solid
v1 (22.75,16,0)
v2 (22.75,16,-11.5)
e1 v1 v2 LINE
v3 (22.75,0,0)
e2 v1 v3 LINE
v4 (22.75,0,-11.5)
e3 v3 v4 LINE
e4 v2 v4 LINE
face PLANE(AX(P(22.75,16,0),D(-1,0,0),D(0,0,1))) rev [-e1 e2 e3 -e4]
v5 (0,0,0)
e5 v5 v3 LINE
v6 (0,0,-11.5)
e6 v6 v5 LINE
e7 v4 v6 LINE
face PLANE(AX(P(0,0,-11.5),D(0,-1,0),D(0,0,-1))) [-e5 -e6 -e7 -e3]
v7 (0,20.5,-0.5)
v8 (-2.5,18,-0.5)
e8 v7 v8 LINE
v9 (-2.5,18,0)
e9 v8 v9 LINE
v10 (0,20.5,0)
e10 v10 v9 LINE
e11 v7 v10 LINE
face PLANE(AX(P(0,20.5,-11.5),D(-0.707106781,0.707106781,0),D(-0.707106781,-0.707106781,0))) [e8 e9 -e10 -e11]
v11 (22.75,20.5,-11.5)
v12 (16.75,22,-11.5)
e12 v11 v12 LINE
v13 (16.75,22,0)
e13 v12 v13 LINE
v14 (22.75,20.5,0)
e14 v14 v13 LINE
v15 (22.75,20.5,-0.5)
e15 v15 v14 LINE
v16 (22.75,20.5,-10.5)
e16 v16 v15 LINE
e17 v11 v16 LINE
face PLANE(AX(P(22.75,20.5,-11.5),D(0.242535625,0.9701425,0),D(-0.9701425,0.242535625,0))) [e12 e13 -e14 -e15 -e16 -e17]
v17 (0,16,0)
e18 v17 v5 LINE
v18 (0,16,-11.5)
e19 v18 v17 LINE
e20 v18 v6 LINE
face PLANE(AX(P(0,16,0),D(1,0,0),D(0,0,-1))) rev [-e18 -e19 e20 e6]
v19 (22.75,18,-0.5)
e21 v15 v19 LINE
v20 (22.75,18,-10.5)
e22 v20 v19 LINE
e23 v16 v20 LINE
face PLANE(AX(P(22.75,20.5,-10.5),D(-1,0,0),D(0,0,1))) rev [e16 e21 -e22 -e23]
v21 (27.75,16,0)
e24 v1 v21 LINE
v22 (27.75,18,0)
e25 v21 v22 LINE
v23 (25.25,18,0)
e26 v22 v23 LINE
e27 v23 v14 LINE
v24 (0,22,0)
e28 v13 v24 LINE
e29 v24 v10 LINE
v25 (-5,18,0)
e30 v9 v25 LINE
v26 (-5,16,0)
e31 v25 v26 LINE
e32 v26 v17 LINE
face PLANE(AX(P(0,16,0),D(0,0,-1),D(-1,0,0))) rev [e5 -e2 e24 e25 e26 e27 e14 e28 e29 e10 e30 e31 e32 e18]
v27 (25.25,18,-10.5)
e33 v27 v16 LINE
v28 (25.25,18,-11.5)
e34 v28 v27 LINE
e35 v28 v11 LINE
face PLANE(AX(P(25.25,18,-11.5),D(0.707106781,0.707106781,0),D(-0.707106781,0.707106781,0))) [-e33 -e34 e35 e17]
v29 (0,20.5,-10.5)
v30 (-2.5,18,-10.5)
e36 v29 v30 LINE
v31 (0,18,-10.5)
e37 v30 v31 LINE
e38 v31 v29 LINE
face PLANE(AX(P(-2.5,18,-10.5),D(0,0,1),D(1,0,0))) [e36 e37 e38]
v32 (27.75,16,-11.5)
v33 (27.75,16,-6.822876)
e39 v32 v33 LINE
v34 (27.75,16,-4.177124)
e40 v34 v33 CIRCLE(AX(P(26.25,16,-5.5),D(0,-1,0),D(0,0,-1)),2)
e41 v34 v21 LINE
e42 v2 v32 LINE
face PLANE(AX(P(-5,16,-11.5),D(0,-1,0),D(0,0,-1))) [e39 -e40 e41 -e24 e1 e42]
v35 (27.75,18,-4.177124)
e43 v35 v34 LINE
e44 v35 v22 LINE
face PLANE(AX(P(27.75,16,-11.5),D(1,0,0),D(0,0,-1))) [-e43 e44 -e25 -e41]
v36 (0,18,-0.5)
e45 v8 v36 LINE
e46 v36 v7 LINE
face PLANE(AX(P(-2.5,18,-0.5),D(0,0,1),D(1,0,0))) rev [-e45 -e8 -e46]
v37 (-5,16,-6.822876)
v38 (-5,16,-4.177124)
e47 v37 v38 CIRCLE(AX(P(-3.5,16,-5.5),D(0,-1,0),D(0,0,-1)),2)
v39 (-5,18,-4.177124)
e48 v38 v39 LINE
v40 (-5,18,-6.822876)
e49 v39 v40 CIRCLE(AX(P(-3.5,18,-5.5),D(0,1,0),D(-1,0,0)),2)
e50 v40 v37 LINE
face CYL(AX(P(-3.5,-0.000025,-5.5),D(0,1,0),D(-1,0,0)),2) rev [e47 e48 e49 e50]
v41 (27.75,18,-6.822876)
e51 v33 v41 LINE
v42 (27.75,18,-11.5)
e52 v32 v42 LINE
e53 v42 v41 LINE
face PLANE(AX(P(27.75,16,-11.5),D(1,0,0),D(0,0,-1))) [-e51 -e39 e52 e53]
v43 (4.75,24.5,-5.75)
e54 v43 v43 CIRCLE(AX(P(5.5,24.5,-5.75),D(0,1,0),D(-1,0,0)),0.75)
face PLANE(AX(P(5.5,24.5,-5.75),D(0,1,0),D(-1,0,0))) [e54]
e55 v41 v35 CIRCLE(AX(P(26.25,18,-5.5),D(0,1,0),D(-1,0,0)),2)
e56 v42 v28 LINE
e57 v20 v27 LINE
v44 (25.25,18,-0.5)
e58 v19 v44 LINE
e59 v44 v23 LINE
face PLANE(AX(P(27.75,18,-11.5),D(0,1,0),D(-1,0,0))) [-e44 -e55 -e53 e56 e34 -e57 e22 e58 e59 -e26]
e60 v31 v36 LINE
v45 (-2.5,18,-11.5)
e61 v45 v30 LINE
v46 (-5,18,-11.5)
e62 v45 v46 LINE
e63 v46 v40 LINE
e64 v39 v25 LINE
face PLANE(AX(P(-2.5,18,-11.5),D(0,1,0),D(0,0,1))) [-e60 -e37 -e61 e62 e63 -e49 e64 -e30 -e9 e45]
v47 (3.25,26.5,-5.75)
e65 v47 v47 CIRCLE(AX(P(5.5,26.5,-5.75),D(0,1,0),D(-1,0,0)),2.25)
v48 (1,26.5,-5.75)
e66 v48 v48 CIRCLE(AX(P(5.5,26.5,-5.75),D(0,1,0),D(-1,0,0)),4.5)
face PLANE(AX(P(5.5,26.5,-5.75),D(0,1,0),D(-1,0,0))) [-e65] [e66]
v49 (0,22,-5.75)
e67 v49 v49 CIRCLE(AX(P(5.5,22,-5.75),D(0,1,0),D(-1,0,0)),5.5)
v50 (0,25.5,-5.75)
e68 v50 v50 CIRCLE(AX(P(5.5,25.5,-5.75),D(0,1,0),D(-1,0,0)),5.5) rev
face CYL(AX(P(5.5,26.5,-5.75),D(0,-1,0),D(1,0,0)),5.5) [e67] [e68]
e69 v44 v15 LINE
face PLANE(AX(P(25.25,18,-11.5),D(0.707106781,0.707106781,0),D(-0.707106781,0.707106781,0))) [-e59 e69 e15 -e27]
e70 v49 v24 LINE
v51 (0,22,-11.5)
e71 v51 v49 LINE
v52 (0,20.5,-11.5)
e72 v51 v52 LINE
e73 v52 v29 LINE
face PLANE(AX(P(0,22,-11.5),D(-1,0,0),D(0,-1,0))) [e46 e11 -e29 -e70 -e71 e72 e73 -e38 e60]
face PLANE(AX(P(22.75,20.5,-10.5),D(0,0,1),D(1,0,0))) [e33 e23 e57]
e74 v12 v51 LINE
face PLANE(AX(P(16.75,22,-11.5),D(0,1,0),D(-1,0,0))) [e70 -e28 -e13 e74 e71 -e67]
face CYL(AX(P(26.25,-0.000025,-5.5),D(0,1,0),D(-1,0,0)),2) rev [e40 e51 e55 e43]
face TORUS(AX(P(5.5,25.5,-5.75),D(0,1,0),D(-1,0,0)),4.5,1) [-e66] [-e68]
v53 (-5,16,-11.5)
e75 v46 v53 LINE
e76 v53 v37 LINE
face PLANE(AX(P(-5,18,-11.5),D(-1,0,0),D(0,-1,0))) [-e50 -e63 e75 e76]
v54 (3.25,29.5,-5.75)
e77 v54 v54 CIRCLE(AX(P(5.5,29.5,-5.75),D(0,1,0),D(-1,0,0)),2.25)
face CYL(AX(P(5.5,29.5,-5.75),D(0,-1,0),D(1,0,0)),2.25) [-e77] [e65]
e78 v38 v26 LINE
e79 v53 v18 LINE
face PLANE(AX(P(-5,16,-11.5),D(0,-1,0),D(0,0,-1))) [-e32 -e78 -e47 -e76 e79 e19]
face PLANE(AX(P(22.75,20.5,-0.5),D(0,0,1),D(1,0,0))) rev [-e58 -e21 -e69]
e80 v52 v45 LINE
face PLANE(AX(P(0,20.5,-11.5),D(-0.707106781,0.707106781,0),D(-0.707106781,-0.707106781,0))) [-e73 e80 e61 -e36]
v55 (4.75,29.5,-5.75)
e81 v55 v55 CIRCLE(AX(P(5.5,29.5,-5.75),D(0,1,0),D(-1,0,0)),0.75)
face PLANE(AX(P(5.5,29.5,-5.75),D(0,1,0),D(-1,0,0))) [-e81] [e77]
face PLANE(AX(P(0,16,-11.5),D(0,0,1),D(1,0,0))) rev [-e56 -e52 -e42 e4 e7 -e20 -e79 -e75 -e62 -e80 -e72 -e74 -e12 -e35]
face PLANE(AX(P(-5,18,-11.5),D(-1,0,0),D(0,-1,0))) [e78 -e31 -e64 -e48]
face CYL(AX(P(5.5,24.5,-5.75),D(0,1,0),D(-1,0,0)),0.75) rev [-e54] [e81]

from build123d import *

# Parameters (mm, degrees)
SKETCH1_W           = 22.75
SKETCH1_H           = 11.5
BOSS_EXTRUDE1_DEPTH = 16
BOSS_EXTRUDE2_DEPTH = 11.5
SKETCH3_R           = 5.5
BOSS_EXTRUDE3_DEPTH = 4.5
FILLET1_R           = 1
SKETCH5_R           = 2.25
BOSS_EXTRUDE5_DEPTH = 3
SKETCH6_R           = 0.75
CUT_EXTRUDE1_DEPTH  = 5
CUT_EXTRUDE2_START  = -0.5
CUT_EXTRUDE2_DEPTH  = 10
SKETCH7_R           = 2
CUT_EXTRUDE3_DEPTH  = 36.01874498


with BuildPart() as part:
    # Sketch1 → Boss-Extrude1 (new body)
    with BuildSketch(Plane(origin=(0, 0, 0), x_dir=(1, 0, 0), z_dir=(0, 1, 0))):
        with Locations((11.375, 5.75)):
            Rectangle(SKETCH1_W, SKETCH1_H)
    extrude(amount=BOSS_EXTRUDE1_DEPTH)

    # Sketch2 → Boss-Extrude2 (add)
    with BuildSketch(Plane.XY):
        Polygon((22.75, 16), (27.75, 16), (27.75, 18), (25.25, 18), (22.75, 20.5), (16.75, 22), (0, 22), (0, 20.5), (-2.5, 18), (-5, 18), (-5, 16), (0, 16), align=None)
    extrude(amount=-BOSS_EXTRUDE2_DEPTH)

    # Sketch3 → Boss-Extrude3 (add)
    with BuildSketch(Plane(origin=(0, 22, 0), x_dir=(1, 0, 0), z_dir=(0, 1, 0))):
        with Locations(Location((5.5, 5.75, 0), (0, 0, 180))):
            Circle(SKETCH3_R)
    extrude(amount=BOSS_EXTRUDE3_DEPTH)

    # Fillet1
    fillet1_edges = [part.edges().sort_by_distance(p)[0] for p in [
        (11, 26.5, -5.75),
    ]]
    fillet(fillet1_edges, radius=FILLET1_R)

    # Sketch5 → Boss-Extrude5 (add)
    with BuildSketch(Plane(origin=(0, 26.5, 0), x_dir=(1, 0, 0), z_dir=(0, 1, 0))):
        with Locations(Location((5.5, 5.75, 0), (0, 0, 180))):
            Circle(SKETCH5_R)
    extrude(amount=BOSS_EXTRUDE5_DEPTH)

    # Sketch6 → Cut-Extrude1 (cut)
    with BuildSketch(Plane(origin=(0, 29.5, 0), x_dir=(1, 0, 0), z_dir=(0, 1, 0))):
        with Locations(Location((5.5, 5.75, 0), (0, 0, 180))):
            Circle(SKETCH6_R)
    extrude(amount=-CUT_EXTRUDE1_DEPTH, mode=Mode.SUBTRACT)

    # Sketch8 → Cut-Extrude2 (cut)
    with BuildSketch(Plane.XY.offset(CUT_EXTRUDE2_START)):
        Polygon((-2.5, 18), (0, 18), (0, 20.5), align=None)
        Polygon((22.75, 20.5), (22.75, 18), (25.25, 18), align=None)
    extrude(amount=-CUT_EXTRUDE2_DEPTH, mode=Mode.SUBTRACT)

    # Sketch7 → Cut-Extrude3 (cut, through all)
    with BuildSketch(Plane(origin=(0, 18, 0), x_dir=(1, 0, 0), z_dir=(0, 1, 0))):
        with Locations((26.25, 5.5)):
            Circle(SKETCH7_R)
        with Locations((-3.5, 5.5)):
            Circle(SKETCH7_R)
    extrude(amount=-CUT_EXTRUDE3_DEPTH, mode=Mode.SUBTRACT)


solid = part.part
